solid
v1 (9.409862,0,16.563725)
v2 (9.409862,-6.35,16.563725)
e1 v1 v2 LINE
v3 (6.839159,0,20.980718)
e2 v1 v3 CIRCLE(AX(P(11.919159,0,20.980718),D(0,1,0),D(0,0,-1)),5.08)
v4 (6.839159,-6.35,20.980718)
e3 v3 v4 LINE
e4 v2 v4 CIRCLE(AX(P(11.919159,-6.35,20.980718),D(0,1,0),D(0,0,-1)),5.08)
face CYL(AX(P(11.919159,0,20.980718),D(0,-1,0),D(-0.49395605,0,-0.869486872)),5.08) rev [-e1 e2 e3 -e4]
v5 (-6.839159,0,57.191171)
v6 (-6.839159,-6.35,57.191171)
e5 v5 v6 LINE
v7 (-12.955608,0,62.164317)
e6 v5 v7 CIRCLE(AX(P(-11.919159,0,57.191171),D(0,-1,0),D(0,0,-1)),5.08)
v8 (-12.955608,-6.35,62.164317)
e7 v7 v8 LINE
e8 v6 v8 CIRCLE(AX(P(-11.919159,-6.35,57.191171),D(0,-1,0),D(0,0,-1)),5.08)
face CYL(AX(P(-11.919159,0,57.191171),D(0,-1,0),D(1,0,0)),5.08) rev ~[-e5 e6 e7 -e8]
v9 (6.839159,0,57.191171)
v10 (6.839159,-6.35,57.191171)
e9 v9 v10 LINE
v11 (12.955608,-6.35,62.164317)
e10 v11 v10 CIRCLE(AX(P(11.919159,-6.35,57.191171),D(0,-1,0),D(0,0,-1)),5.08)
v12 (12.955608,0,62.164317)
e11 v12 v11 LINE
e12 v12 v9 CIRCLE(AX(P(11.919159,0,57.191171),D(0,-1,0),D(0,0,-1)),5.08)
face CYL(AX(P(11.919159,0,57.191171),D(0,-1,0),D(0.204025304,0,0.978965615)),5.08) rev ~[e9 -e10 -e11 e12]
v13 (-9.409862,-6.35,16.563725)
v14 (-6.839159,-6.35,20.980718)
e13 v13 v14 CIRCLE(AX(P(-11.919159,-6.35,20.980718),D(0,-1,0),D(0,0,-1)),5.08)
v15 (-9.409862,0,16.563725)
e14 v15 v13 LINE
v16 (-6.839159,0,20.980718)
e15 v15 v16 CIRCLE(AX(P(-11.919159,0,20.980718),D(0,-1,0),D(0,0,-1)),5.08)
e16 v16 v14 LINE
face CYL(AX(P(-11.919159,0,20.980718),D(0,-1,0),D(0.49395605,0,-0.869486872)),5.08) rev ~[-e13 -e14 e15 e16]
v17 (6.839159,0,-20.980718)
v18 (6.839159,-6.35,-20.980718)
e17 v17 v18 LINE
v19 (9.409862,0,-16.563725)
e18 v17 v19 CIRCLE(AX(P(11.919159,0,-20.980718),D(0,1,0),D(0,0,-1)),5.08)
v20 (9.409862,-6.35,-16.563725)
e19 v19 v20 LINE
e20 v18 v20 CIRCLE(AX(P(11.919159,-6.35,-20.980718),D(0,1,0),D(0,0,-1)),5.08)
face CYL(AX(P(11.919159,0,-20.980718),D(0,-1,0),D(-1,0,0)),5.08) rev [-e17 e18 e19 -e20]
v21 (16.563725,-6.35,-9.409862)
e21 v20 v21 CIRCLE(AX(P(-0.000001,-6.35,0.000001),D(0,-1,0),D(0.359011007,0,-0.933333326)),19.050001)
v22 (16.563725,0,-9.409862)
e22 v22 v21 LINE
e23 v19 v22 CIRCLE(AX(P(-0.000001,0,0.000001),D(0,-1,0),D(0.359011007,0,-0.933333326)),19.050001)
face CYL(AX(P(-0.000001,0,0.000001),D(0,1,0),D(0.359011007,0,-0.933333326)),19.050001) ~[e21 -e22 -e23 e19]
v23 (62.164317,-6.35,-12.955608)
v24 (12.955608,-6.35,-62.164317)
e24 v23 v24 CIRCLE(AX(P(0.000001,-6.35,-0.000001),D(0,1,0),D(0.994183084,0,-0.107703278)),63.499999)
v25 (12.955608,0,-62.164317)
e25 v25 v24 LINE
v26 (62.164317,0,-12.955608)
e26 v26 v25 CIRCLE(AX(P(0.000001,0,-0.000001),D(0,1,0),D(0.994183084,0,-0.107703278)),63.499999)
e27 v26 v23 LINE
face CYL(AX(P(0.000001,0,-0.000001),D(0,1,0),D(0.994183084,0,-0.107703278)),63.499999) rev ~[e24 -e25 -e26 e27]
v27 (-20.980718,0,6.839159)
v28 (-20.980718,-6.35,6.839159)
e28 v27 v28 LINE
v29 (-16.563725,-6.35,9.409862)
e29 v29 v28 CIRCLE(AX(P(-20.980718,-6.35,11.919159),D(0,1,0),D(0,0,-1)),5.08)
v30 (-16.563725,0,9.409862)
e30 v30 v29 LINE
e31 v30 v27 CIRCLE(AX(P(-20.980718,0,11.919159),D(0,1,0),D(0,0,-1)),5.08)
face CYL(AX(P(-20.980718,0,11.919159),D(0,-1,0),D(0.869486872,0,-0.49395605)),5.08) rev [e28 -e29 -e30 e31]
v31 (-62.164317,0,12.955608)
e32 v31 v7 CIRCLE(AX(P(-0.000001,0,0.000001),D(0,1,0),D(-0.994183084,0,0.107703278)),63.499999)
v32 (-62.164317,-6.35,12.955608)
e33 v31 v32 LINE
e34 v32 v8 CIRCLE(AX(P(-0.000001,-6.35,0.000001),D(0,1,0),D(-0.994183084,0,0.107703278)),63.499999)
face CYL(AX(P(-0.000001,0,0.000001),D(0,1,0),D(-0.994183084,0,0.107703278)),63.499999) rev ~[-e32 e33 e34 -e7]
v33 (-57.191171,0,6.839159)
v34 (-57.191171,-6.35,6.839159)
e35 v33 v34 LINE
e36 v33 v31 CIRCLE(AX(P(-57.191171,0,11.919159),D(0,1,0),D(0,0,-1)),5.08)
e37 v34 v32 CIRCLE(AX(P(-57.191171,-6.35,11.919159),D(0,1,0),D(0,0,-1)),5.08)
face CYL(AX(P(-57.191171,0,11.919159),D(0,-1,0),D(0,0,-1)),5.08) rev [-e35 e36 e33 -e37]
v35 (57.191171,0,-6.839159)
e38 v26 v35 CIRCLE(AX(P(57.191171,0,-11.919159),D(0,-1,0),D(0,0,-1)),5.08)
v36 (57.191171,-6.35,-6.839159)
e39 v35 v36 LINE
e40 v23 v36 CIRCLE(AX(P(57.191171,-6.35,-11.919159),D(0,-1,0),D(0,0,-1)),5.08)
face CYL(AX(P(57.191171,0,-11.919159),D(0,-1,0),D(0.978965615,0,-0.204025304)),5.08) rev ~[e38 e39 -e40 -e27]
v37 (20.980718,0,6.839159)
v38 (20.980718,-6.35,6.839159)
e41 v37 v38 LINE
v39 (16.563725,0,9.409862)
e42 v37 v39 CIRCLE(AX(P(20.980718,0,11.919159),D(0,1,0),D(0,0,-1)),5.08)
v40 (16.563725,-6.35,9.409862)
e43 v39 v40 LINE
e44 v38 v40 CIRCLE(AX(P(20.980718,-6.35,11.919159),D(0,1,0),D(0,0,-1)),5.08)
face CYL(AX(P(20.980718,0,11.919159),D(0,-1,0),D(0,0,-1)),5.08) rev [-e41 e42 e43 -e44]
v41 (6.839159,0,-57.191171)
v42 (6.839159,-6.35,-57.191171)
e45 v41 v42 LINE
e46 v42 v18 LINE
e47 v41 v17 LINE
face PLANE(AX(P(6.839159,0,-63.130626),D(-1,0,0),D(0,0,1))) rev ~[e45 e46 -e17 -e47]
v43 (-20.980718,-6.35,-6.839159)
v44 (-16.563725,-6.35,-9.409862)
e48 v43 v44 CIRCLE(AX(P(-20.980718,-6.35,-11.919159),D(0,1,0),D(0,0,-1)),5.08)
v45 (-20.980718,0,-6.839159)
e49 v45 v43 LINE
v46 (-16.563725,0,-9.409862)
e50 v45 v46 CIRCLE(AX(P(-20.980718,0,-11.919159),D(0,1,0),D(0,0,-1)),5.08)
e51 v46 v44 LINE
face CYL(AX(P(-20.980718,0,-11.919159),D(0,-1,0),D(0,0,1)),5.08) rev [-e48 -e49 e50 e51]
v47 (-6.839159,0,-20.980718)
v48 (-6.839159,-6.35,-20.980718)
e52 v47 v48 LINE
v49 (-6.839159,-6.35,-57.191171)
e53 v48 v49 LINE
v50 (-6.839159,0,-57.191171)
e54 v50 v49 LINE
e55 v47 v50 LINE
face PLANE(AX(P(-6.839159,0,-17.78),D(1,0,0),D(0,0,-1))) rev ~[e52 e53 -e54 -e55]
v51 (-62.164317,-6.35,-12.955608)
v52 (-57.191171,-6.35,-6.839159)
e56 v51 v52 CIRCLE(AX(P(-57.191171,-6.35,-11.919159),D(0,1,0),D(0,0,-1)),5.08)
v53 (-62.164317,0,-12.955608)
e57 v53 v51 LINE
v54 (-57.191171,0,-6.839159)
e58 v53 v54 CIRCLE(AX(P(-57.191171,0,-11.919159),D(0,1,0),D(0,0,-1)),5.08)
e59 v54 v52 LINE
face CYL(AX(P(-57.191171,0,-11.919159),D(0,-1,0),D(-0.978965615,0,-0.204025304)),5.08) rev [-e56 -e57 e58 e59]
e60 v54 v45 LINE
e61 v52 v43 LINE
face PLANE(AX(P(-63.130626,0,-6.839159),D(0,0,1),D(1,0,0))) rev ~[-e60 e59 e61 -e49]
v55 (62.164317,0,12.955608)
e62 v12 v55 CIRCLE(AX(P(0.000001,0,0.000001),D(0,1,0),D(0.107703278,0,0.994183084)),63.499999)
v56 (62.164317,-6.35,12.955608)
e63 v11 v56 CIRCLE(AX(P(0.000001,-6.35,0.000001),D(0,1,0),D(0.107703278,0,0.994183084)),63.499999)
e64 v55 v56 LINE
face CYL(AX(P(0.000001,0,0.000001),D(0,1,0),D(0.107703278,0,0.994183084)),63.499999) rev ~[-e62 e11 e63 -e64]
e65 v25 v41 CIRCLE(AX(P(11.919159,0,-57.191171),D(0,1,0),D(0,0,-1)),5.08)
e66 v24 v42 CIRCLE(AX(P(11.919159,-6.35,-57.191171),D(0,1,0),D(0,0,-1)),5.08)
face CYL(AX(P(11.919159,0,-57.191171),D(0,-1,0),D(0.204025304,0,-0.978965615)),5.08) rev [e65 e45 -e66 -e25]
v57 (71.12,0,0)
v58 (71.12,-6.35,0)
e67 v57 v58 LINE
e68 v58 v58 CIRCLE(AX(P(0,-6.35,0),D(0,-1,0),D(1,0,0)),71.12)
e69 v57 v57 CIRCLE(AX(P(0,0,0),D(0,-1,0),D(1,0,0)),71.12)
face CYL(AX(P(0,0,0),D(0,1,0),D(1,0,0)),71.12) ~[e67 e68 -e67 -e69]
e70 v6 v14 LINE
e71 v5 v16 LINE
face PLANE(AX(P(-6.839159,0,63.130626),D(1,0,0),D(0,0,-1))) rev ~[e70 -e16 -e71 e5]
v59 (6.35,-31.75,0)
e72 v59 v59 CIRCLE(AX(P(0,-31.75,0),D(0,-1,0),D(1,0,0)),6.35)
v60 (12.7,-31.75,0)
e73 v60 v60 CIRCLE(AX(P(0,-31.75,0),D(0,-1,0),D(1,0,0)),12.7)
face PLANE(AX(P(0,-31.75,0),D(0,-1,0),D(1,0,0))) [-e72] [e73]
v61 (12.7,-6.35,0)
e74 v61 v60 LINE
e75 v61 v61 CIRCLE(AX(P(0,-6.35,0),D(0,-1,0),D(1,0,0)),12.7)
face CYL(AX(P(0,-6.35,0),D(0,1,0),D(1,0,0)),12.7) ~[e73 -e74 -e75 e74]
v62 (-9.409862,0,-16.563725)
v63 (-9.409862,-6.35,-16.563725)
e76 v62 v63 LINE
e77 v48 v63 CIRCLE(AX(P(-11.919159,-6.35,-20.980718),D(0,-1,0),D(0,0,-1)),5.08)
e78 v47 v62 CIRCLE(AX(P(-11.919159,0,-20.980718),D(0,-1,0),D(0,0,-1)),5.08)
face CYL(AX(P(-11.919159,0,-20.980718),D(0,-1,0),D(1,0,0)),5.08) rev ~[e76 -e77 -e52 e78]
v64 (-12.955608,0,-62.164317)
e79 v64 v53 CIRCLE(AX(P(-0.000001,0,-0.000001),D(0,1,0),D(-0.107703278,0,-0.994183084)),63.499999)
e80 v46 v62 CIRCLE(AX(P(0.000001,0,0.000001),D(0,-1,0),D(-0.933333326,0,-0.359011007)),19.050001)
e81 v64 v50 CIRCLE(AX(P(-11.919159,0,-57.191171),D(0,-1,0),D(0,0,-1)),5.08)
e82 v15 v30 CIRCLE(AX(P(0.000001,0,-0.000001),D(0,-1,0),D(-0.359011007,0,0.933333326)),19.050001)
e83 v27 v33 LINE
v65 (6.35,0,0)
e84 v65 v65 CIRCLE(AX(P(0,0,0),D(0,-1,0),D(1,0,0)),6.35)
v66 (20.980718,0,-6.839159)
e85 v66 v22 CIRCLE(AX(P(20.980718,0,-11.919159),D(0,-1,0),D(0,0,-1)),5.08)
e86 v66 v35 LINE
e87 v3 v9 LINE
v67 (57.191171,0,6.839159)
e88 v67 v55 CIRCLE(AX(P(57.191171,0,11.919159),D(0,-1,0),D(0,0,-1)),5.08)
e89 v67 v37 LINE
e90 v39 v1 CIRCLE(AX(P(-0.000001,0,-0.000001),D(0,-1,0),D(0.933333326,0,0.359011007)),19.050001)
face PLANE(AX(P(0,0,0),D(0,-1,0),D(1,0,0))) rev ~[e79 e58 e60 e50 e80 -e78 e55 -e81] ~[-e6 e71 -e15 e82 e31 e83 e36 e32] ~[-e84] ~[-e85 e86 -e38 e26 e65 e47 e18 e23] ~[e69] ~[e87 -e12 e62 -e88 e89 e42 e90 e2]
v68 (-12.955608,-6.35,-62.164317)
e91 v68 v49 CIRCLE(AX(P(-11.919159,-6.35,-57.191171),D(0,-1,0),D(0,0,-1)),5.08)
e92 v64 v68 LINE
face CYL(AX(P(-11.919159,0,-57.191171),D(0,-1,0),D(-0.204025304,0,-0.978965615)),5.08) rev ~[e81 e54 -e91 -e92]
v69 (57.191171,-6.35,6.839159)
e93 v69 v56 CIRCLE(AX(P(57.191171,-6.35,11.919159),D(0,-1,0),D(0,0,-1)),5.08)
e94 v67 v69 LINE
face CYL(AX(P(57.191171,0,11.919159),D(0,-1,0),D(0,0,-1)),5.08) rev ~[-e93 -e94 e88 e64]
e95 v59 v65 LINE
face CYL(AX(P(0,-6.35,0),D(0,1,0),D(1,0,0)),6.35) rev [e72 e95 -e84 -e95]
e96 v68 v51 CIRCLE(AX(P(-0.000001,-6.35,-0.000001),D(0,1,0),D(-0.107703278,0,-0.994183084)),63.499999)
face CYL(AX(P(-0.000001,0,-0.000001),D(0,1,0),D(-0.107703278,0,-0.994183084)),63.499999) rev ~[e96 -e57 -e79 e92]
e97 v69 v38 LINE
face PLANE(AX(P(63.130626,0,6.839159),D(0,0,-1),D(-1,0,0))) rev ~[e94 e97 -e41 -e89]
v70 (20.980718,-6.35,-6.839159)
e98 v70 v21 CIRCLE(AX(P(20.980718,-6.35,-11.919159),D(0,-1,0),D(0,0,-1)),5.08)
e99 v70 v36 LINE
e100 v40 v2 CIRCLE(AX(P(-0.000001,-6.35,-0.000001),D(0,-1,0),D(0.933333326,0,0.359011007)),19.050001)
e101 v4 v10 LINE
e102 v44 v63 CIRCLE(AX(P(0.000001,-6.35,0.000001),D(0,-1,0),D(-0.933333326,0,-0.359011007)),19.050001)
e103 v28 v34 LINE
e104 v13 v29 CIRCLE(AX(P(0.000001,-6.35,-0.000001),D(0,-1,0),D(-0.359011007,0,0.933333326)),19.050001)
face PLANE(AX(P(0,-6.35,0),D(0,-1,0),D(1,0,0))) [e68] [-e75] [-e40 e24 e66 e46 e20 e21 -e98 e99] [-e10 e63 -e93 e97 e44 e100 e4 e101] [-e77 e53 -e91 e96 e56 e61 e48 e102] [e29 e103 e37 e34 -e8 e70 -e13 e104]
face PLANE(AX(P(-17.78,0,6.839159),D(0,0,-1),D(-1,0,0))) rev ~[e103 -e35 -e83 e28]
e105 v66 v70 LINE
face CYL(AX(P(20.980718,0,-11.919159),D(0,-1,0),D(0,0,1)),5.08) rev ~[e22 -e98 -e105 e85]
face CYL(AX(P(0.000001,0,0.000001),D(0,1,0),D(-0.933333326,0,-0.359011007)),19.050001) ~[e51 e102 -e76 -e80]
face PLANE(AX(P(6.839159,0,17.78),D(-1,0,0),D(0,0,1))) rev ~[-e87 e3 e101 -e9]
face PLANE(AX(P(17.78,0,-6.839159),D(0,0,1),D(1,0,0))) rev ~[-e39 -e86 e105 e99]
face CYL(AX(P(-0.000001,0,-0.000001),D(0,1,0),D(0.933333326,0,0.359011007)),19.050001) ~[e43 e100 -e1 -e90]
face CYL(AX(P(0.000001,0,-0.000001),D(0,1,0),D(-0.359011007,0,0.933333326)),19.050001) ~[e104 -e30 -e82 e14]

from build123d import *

# Parameters (mm, degrees)
F0_R     = 71.12
F0_R_2   = 12.7
F0_R_3   = 6.35
F1_DEPTH = 6.35
F2_R     = 12.7
F2_R_2   = 6.35
F3_DEPTH = 25.4
F4_R     = 5.08


with BuildPart() as f1:
    # F0 (on Front) → F1 (new body)
    with BuildSketch(Plane.XZ):
        Circle(F0_R)
        with BuildLine():
            Line((-6.839159, -17.78), (-6.839159, -63.130626))
            ThreePointArc((-6.839159, -63.130626), (-44.901281, -44.901281), (-63.130626, -6.839159))
            Line((-63.130626, -6.839159), (-17.78, -6.839159))
            ThreePointArc((-17.78, -6.839159), (-13.470384, -13.470384), (-6.839159, -17.78))
        make_face(mode=Mode.SUBTRACT)
        Circle(F0_R_2, mode=Mode.SUBTRACT)
        with BuildLine():
            Line((17.78, -6.839159), (63.130626, -6.839159))
            ThreePointArc((63.130626, -6.839159), (44.901281, -44.901281), (6.839159, -63.130626))
            Line((6.839159, -63.130626), (6.839159, -17.78))
            ThreePointArc((6.839159, -17.78), (13.470384, -13.470384), (17.78, -6.839159))
        make_face(mode=Mode.SUBTRACT)
        with BuildLine():
            Line((-6.839159, 63.130626), (-6.839159, 17.78))
            ThreePointArc((-6.839159, 17.78), (-13.470384, 13.470384), (-17.78, 6.839159))
            Line((-17.78, 6.839159), (-63.130626, 6.839159))
            ThreePointArc((-63.130626, 6.839159), (-44.901281, 44.901281), (-6.839159, 63.130626))
        make_face(mode=Mode.SUBTRACT)
        with BuildLine():
            ThreePointArc((6.839159, 63.130626), (44.901281, 44.901281), (63.130626, 6.839159))
            Line((63.130626, 6.839159), (17.78, 6.839159))
            ThreePointArc((17.78, 6.839159), (13.470384, 13.470384), (6.839159, 17.78))
            Line((6.839159, 17.78), (6.839159, 63.130626))
        make_face(mode=Mode.SUBTRACT)
        Circle(F0_R_2)
        Circle(F0_R_3, mode=Mode.SUBTRACT)
    extrude(amount=F1_DEPTH)

    # F2 (on face) → F3 (join)
    with BuildSketch(Plane.XZ.offset(6.35)):
        Circle(F2_R)
        Circle(F2_R_2, mode=Mode.SUBTRACT)
    extrude(amount=F3_DEPTH)

    # F4
    f4_edges = [f1.edges().sort_by_distance(p)[0] for p in [
        (6.839159, -3.175, 63.130626),
        (6.839159, -3.175, 17.78),
        (17.78, -3.175, 6.839159),
        (63.130626, -3.175, 6.839159),
        (17.78, -3.175, -6.839159),
        (6.839159, -3.175, -17.78),
        (63.130626, -3.175, -6.839159),
        (6.839159, -3.175, -63.130626),
        (-6.839159, -3.175, -63.130626),
        (-17.78, -3.175, -6.839159),
        (-6.839159, -3.175, -17.78),
        (-63.130626, -3.175, -6.839159),
        (-17.78, -3.175, 6.839159),
        (-63.130626, -3.175, 6.839159),
        (-6.839159, -3.175, 63.130626),
        (-6.839159, -3.175, 17.78),
    ]]
    fillet(f4_edges, radius=F4_R)


solid = f1.part
